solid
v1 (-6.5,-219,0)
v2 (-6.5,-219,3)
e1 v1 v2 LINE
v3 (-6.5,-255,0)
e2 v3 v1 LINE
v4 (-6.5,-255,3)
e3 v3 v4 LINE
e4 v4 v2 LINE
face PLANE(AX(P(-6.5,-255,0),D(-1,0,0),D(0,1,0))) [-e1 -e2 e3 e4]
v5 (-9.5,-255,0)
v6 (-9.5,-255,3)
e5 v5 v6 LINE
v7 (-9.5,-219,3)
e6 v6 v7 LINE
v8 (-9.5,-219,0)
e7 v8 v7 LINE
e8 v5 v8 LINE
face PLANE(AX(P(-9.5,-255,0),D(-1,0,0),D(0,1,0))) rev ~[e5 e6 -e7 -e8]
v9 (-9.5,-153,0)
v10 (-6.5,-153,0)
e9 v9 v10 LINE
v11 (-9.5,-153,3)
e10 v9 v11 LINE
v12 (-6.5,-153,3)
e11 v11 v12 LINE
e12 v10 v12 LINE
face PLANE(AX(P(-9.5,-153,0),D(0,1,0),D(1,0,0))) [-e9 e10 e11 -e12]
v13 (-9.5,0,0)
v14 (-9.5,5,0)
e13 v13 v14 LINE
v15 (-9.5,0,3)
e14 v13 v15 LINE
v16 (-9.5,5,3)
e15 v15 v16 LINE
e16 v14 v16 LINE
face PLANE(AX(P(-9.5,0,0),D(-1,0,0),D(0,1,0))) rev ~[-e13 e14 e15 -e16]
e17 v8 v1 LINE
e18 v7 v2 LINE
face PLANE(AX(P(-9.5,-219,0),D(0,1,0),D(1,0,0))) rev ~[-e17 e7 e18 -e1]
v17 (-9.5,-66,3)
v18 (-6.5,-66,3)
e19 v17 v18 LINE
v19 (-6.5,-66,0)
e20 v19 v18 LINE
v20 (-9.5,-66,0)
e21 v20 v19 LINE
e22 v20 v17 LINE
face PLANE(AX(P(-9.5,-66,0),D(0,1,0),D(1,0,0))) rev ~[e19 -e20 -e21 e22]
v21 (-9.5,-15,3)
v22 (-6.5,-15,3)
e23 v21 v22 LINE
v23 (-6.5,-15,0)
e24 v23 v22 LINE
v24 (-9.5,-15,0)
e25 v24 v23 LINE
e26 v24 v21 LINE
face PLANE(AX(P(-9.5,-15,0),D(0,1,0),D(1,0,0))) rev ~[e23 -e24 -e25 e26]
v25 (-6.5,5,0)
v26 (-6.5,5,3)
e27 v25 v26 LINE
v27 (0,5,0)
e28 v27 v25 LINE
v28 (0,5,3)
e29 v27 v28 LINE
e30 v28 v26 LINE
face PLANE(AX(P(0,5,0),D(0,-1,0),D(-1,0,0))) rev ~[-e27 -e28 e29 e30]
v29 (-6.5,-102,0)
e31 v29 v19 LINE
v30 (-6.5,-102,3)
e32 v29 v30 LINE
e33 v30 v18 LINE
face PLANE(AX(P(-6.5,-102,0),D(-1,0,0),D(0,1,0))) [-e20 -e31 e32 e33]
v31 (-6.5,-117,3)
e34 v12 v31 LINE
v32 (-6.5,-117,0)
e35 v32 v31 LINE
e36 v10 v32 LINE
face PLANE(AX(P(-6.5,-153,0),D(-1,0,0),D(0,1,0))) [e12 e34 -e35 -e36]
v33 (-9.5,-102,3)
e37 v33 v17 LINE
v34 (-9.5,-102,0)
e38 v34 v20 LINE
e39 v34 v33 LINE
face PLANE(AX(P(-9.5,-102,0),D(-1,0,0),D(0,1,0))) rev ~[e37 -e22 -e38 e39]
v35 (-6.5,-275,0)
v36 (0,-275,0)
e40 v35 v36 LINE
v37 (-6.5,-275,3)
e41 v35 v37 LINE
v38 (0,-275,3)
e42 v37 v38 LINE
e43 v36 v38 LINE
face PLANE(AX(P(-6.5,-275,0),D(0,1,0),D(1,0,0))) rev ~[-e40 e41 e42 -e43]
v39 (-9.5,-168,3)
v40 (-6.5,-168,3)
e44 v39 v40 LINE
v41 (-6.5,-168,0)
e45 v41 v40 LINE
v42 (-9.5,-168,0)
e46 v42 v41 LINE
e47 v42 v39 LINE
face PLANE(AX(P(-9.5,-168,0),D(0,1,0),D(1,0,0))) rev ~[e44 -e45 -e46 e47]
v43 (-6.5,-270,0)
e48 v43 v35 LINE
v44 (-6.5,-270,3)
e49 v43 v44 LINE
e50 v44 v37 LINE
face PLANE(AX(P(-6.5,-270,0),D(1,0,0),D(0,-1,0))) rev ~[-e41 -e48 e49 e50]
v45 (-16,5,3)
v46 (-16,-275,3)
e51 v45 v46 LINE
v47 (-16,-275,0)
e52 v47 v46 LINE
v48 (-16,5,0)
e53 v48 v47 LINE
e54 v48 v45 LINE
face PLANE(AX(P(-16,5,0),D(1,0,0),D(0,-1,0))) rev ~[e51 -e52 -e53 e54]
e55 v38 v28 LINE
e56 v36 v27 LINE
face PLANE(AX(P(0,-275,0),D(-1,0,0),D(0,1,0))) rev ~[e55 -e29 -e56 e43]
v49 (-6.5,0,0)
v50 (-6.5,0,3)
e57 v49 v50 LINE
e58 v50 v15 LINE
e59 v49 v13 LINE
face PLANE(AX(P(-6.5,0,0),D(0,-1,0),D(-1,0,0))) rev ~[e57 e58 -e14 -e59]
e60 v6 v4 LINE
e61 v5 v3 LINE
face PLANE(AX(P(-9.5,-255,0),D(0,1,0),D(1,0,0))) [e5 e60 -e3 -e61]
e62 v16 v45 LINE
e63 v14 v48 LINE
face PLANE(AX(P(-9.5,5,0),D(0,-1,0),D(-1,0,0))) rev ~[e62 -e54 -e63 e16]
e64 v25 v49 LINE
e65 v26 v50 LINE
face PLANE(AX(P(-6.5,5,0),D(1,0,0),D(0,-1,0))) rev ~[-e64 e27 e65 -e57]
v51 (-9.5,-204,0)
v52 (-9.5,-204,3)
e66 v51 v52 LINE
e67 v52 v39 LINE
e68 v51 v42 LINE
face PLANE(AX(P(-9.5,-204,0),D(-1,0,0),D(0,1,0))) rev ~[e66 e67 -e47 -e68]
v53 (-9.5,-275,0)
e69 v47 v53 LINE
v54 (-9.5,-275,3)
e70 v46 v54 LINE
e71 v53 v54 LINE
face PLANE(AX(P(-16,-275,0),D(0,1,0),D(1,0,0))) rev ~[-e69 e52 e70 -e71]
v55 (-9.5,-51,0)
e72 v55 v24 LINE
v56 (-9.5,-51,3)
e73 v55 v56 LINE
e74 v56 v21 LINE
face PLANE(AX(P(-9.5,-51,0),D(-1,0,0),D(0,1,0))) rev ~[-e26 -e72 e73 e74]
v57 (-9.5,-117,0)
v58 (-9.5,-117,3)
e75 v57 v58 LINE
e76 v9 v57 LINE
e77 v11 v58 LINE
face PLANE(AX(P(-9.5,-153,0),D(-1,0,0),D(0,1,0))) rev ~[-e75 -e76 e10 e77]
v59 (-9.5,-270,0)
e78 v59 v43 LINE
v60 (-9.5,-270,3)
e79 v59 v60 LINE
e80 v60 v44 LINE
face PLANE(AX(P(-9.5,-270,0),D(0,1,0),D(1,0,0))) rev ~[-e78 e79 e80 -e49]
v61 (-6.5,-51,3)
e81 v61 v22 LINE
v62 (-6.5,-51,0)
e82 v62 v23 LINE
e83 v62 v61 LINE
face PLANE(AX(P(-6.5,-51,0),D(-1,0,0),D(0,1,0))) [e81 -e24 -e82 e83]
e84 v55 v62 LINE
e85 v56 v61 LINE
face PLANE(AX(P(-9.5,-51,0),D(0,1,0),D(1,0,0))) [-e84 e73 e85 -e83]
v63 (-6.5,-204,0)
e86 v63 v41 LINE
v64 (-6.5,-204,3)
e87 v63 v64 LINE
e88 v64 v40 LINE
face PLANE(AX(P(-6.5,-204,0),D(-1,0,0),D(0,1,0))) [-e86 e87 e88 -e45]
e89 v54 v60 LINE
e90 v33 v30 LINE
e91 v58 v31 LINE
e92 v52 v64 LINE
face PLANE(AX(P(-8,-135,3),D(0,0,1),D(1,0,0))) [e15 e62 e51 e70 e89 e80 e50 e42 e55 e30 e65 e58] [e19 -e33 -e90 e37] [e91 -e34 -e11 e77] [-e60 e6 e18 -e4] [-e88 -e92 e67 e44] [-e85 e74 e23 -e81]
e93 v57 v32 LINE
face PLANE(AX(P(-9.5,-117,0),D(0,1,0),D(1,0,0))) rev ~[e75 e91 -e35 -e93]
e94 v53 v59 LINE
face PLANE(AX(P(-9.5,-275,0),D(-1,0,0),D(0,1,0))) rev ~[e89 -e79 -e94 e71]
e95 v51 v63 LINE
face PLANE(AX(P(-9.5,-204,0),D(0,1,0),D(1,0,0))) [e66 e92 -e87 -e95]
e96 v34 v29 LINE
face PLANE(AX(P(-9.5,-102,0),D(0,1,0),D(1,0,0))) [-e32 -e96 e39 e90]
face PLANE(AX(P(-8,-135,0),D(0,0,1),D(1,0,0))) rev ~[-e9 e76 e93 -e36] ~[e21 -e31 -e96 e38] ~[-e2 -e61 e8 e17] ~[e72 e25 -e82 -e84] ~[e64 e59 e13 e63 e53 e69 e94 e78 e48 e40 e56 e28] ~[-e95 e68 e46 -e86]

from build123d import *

# Parameters (mm, degrees)
F0_W     = 3
F0_H     = 36
F1_DEPTH = 3


with BuildPart() as f1:
    # F0 (on Top) → F1 (new body)
    with BuildSketch(Plane.XY):
        Polygon((-6.5, 5), (-6.5, 0), (-9.5, 0), (-9.5, 5), (-16, 5), (-16, 0), (-16, -270), (-16, -275), (-9.5, -275), (-9.5, -270), (-6.5, -270), (-6.5, -275), (0, -275), (0, -270), (0, 0), (0, 5), align=None)
        with Locations((-8, -237)):
            Rectangle(F0_W, F0_H, mode=Mode.SUBTRACT)
        with Locations((-8, -186)):
            Rectangle(F0_W, F0_H, mode=Mode.SUBTRACT)
        with Locations((-8, -135)):
            Rectangle(F0_W, F0_H, mode=Mode.SUBTRACT)
        with Locations((-8, -84)):
            Rectangle(F0_W, F0_H, mode=Mode.SUBTRACT)
        with Locations((-8, -33)):
            Rectangle(F0_W, F0_H, mode=Mode.SUBTRACT)
    extrude(amount=F1_DEPTH)


solid = f1.part
